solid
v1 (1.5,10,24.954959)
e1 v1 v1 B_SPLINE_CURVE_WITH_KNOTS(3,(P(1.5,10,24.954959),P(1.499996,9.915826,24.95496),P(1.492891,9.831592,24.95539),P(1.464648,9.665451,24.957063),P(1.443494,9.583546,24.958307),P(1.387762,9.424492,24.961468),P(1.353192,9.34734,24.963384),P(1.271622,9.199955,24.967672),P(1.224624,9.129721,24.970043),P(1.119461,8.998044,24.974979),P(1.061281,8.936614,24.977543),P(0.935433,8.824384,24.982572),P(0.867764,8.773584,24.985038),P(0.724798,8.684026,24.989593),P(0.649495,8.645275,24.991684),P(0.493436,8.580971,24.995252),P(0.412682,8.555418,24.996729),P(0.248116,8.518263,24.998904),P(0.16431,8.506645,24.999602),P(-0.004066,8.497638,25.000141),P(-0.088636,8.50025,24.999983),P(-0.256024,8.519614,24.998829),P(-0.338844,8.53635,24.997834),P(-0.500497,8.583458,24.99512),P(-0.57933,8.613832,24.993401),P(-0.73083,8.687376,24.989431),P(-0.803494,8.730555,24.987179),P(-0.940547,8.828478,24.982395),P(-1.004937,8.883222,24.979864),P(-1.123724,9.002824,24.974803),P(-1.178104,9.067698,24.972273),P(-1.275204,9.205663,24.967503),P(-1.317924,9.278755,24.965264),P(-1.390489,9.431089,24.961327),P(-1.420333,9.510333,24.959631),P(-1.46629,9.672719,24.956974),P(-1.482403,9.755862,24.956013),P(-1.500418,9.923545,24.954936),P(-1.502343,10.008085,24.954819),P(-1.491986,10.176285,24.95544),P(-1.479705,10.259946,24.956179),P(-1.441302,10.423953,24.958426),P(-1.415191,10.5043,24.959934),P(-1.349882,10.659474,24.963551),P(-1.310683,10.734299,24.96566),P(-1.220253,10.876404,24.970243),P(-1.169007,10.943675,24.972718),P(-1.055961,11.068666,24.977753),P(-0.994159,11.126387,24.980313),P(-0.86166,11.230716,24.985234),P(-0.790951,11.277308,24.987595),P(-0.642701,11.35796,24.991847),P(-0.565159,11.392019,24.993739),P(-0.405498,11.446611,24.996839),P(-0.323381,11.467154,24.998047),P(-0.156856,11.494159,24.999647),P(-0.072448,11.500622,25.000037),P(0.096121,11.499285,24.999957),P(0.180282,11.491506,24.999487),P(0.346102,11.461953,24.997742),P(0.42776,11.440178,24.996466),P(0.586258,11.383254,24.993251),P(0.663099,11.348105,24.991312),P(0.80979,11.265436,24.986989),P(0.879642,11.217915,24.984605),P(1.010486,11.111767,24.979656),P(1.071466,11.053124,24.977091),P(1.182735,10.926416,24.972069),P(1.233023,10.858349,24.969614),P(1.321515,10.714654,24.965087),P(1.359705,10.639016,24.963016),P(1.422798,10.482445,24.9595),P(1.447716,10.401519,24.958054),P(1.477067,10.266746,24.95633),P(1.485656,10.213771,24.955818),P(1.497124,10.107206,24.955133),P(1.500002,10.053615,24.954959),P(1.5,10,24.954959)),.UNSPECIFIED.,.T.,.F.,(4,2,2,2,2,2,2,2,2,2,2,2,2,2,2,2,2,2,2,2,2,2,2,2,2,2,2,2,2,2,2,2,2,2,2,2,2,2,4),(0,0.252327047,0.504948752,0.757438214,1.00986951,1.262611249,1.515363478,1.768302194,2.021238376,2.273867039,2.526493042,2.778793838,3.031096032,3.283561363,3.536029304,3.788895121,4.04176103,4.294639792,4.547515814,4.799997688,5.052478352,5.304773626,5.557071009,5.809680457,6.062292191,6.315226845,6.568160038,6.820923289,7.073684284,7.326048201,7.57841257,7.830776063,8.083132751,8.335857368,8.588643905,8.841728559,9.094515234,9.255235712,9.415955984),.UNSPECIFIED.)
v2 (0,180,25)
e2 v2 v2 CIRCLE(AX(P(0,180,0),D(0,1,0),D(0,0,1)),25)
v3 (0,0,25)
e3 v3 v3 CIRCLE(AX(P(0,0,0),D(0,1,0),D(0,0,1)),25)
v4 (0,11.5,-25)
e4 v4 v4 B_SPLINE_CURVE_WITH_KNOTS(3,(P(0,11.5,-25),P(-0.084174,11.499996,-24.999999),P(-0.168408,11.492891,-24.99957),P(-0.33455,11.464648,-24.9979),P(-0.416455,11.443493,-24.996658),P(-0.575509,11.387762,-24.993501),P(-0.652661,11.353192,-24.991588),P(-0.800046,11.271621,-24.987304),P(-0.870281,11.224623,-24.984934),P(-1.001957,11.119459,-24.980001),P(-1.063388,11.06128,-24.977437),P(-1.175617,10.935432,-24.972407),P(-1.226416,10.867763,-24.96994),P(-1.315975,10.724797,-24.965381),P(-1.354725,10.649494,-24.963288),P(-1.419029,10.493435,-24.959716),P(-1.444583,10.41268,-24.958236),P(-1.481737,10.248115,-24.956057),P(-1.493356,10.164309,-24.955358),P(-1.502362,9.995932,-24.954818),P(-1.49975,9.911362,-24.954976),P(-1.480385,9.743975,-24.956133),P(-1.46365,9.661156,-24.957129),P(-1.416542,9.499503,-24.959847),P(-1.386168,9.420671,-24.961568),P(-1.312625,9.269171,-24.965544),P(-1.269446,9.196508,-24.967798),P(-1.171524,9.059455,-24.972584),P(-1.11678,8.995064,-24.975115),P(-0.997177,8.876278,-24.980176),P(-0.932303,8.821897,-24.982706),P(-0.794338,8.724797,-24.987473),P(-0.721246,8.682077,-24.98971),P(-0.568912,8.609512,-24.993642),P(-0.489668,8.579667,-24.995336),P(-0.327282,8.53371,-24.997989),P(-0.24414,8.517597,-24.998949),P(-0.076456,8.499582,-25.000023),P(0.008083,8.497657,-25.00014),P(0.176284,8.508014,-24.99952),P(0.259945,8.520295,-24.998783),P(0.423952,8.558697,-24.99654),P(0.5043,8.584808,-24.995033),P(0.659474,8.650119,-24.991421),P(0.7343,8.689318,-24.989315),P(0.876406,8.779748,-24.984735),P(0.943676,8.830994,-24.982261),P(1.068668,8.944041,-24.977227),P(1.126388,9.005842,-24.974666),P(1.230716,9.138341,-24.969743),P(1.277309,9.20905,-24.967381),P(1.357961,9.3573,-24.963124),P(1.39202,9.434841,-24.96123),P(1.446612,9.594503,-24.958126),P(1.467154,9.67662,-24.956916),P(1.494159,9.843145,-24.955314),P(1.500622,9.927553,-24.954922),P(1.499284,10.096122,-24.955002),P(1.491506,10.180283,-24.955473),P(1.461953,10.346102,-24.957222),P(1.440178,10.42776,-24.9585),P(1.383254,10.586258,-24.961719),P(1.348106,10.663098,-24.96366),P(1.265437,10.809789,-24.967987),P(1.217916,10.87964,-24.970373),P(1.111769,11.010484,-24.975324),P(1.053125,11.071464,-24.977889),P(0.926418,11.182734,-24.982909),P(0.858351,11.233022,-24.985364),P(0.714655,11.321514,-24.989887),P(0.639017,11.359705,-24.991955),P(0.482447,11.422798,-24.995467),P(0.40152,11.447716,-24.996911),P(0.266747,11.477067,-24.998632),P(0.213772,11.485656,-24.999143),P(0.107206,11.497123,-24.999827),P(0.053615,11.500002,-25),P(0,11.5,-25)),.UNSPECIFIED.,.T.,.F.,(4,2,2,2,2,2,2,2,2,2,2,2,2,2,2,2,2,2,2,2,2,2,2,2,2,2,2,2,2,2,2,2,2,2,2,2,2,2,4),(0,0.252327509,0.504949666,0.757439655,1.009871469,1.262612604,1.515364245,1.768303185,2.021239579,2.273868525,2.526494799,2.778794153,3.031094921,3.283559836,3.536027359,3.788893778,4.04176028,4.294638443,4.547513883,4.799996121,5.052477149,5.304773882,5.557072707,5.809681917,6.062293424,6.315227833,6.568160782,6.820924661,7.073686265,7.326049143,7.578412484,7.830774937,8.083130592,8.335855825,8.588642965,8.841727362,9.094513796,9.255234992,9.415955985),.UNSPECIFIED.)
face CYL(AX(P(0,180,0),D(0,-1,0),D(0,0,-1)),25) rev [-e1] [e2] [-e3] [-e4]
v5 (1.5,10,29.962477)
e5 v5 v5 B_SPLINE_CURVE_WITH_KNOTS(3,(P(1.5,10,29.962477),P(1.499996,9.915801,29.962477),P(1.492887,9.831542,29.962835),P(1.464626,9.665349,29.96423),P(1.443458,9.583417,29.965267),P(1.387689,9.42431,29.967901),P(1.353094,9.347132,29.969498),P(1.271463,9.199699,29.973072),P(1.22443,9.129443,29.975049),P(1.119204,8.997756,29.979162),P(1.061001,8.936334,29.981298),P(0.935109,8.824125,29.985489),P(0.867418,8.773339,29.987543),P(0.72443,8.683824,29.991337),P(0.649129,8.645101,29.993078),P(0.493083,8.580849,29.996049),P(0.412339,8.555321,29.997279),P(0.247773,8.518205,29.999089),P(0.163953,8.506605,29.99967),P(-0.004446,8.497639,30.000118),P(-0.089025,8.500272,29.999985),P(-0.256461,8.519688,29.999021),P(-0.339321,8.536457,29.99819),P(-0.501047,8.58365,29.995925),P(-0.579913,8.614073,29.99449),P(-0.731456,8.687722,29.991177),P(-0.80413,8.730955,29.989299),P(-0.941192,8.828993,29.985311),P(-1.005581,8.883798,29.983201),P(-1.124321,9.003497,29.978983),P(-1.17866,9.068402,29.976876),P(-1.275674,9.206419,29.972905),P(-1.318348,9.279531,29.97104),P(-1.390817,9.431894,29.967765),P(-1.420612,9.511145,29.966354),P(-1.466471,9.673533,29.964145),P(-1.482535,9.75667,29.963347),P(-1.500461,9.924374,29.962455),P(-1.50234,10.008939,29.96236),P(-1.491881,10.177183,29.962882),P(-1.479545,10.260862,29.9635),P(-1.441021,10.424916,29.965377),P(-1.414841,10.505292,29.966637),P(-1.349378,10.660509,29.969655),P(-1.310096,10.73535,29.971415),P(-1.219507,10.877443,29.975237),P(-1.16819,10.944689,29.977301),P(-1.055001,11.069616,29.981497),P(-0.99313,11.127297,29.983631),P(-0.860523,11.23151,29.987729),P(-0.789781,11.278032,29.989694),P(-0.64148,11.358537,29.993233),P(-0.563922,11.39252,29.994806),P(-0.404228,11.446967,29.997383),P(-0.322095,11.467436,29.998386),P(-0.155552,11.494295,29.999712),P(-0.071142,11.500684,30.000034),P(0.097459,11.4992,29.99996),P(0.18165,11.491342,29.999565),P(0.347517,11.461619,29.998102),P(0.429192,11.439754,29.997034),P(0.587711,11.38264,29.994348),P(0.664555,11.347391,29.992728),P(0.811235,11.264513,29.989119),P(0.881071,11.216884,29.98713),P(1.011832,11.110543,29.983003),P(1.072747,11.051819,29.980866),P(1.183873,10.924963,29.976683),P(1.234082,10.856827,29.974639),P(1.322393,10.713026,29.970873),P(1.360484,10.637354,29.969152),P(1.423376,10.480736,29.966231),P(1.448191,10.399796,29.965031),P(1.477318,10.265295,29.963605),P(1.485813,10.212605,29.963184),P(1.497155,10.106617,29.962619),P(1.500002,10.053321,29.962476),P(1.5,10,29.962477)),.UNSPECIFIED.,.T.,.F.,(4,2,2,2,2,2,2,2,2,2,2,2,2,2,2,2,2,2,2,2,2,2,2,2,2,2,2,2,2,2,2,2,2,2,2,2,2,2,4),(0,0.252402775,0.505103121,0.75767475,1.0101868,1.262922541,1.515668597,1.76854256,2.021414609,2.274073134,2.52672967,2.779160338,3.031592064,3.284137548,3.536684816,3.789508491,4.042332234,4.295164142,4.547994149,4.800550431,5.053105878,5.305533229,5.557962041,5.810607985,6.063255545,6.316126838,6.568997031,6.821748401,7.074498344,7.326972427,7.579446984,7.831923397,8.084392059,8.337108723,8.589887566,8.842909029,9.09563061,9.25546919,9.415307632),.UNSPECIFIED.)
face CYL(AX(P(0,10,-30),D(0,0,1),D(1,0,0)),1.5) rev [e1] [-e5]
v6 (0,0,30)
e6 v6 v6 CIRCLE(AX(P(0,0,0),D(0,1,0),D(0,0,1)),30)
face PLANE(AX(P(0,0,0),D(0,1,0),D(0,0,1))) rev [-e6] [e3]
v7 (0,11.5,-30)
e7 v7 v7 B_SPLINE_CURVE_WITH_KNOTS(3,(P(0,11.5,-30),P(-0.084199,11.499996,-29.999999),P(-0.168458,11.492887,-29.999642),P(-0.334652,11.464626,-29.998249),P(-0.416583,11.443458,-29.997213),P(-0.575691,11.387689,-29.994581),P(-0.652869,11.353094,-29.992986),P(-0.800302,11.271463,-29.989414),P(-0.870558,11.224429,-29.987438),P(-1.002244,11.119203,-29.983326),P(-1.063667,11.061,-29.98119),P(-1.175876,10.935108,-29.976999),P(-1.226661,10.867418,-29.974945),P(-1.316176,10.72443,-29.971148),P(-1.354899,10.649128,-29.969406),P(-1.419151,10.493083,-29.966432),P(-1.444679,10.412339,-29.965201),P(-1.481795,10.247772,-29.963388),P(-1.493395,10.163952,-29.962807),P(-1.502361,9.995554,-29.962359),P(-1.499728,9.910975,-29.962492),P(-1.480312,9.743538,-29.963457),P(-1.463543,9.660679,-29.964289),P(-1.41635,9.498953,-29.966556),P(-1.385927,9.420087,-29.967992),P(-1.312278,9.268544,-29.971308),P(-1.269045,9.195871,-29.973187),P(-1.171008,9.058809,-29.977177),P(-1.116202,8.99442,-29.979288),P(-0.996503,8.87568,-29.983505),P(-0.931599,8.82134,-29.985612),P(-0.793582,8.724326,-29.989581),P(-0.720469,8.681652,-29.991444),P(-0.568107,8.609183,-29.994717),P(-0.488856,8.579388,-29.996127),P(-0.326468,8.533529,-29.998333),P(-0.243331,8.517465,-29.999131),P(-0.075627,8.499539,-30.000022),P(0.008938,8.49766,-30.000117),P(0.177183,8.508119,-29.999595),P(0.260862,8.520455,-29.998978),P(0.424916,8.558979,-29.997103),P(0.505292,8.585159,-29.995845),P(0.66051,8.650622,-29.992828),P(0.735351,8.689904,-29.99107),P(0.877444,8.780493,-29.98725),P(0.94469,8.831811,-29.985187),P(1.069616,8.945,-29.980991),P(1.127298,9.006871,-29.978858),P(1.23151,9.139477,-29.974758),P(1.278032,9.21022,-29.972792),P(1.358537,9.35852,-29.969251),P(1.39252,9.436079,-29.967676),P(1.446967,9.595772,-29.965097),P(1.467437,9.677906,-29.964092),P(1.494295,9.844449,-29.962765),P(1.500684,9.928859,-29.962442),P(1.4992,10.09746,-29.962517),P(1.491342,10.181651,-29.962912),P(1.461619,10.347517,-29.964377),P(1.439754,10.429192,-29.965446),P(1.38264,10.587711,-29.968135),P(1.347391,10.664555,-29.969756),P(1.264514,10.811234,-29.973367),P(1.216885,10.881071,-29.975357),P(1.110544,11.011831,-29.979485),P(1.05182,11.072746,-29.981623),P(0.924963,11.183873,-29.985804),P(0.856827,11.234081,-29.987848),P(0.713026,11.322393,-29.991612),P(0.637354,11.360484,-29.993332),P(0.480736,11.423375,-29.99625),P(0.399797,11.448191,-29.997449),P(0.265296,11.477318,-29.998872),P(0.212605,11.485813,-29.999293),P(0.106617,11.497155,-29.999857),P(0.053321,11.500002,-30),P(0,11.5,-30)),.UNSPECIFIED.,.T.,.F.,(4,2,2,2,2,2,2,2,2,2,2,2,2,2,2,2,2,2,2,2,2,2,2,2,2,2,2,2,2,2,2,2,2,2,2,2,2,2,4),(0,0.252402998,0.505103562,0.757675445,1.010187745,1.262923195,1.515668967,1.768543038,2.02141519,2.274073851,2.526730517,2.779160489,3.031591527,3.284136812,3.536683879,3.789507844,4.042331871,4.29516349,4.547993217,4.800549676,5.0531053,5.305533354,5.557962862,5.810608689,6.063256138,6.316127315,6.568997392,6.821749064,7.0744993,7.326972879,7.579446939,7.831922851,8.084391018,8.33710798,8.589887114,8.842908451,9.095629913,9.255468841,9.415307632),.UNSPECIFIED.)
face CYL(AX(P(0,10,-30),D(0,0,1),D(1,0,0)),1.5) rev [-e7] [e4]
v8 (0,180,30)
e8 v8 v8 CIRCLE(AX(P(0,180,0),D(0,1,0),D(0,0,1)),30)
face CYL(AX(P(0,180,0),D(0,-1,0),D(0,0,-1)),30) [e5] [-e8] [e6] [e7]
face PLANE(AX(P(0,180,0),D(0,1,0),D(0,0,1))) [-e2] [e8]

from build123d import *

# Parameters (mm, degrees)
SKETCH1_R               = 30
SKETCH1_R_2             = 25
BOSS_EXTRUDE1_DEPTH     = 180
SKETCH2_R               = 1.5
CUT_EXTRUDE1_DEPTH      = 31
CUT_EXTRUDE1_DEPTH_BACK = 31


with BuildPart() as part:
    # Sketch1 → Boss-Extrude1 (new body)
    with BuildSketch(Plane(origin=(0, 0, 0), x_dir=(1, 0, 0), z_dir=(0, 1, 0))):
        Circle(SKETCH1_R)
        Circle(SKETCH1_R_2, mode=Mode.SUBTRACT)
    extrude(amount=BOSS_EXTRUDE1_DEPTH)

    # Sketch2 → Cut-Extrude1 (cut, two sides)
    with BuildSketch(Plane.XY) as cut_extrude1_sk:
        with Locations((0, 10)):
            Circle(SKETCH2_R)
    extrude(amount=CUT_EXTRUDE1_DEPTH, mode=Mode.SUBTRACT)
    extrude(cut_extrude1_sk.sketch, amount=-CUT_EXTRUDE1_DEPTH_BACK, mode=Mode.SUBTRACT)


solid = part.part
